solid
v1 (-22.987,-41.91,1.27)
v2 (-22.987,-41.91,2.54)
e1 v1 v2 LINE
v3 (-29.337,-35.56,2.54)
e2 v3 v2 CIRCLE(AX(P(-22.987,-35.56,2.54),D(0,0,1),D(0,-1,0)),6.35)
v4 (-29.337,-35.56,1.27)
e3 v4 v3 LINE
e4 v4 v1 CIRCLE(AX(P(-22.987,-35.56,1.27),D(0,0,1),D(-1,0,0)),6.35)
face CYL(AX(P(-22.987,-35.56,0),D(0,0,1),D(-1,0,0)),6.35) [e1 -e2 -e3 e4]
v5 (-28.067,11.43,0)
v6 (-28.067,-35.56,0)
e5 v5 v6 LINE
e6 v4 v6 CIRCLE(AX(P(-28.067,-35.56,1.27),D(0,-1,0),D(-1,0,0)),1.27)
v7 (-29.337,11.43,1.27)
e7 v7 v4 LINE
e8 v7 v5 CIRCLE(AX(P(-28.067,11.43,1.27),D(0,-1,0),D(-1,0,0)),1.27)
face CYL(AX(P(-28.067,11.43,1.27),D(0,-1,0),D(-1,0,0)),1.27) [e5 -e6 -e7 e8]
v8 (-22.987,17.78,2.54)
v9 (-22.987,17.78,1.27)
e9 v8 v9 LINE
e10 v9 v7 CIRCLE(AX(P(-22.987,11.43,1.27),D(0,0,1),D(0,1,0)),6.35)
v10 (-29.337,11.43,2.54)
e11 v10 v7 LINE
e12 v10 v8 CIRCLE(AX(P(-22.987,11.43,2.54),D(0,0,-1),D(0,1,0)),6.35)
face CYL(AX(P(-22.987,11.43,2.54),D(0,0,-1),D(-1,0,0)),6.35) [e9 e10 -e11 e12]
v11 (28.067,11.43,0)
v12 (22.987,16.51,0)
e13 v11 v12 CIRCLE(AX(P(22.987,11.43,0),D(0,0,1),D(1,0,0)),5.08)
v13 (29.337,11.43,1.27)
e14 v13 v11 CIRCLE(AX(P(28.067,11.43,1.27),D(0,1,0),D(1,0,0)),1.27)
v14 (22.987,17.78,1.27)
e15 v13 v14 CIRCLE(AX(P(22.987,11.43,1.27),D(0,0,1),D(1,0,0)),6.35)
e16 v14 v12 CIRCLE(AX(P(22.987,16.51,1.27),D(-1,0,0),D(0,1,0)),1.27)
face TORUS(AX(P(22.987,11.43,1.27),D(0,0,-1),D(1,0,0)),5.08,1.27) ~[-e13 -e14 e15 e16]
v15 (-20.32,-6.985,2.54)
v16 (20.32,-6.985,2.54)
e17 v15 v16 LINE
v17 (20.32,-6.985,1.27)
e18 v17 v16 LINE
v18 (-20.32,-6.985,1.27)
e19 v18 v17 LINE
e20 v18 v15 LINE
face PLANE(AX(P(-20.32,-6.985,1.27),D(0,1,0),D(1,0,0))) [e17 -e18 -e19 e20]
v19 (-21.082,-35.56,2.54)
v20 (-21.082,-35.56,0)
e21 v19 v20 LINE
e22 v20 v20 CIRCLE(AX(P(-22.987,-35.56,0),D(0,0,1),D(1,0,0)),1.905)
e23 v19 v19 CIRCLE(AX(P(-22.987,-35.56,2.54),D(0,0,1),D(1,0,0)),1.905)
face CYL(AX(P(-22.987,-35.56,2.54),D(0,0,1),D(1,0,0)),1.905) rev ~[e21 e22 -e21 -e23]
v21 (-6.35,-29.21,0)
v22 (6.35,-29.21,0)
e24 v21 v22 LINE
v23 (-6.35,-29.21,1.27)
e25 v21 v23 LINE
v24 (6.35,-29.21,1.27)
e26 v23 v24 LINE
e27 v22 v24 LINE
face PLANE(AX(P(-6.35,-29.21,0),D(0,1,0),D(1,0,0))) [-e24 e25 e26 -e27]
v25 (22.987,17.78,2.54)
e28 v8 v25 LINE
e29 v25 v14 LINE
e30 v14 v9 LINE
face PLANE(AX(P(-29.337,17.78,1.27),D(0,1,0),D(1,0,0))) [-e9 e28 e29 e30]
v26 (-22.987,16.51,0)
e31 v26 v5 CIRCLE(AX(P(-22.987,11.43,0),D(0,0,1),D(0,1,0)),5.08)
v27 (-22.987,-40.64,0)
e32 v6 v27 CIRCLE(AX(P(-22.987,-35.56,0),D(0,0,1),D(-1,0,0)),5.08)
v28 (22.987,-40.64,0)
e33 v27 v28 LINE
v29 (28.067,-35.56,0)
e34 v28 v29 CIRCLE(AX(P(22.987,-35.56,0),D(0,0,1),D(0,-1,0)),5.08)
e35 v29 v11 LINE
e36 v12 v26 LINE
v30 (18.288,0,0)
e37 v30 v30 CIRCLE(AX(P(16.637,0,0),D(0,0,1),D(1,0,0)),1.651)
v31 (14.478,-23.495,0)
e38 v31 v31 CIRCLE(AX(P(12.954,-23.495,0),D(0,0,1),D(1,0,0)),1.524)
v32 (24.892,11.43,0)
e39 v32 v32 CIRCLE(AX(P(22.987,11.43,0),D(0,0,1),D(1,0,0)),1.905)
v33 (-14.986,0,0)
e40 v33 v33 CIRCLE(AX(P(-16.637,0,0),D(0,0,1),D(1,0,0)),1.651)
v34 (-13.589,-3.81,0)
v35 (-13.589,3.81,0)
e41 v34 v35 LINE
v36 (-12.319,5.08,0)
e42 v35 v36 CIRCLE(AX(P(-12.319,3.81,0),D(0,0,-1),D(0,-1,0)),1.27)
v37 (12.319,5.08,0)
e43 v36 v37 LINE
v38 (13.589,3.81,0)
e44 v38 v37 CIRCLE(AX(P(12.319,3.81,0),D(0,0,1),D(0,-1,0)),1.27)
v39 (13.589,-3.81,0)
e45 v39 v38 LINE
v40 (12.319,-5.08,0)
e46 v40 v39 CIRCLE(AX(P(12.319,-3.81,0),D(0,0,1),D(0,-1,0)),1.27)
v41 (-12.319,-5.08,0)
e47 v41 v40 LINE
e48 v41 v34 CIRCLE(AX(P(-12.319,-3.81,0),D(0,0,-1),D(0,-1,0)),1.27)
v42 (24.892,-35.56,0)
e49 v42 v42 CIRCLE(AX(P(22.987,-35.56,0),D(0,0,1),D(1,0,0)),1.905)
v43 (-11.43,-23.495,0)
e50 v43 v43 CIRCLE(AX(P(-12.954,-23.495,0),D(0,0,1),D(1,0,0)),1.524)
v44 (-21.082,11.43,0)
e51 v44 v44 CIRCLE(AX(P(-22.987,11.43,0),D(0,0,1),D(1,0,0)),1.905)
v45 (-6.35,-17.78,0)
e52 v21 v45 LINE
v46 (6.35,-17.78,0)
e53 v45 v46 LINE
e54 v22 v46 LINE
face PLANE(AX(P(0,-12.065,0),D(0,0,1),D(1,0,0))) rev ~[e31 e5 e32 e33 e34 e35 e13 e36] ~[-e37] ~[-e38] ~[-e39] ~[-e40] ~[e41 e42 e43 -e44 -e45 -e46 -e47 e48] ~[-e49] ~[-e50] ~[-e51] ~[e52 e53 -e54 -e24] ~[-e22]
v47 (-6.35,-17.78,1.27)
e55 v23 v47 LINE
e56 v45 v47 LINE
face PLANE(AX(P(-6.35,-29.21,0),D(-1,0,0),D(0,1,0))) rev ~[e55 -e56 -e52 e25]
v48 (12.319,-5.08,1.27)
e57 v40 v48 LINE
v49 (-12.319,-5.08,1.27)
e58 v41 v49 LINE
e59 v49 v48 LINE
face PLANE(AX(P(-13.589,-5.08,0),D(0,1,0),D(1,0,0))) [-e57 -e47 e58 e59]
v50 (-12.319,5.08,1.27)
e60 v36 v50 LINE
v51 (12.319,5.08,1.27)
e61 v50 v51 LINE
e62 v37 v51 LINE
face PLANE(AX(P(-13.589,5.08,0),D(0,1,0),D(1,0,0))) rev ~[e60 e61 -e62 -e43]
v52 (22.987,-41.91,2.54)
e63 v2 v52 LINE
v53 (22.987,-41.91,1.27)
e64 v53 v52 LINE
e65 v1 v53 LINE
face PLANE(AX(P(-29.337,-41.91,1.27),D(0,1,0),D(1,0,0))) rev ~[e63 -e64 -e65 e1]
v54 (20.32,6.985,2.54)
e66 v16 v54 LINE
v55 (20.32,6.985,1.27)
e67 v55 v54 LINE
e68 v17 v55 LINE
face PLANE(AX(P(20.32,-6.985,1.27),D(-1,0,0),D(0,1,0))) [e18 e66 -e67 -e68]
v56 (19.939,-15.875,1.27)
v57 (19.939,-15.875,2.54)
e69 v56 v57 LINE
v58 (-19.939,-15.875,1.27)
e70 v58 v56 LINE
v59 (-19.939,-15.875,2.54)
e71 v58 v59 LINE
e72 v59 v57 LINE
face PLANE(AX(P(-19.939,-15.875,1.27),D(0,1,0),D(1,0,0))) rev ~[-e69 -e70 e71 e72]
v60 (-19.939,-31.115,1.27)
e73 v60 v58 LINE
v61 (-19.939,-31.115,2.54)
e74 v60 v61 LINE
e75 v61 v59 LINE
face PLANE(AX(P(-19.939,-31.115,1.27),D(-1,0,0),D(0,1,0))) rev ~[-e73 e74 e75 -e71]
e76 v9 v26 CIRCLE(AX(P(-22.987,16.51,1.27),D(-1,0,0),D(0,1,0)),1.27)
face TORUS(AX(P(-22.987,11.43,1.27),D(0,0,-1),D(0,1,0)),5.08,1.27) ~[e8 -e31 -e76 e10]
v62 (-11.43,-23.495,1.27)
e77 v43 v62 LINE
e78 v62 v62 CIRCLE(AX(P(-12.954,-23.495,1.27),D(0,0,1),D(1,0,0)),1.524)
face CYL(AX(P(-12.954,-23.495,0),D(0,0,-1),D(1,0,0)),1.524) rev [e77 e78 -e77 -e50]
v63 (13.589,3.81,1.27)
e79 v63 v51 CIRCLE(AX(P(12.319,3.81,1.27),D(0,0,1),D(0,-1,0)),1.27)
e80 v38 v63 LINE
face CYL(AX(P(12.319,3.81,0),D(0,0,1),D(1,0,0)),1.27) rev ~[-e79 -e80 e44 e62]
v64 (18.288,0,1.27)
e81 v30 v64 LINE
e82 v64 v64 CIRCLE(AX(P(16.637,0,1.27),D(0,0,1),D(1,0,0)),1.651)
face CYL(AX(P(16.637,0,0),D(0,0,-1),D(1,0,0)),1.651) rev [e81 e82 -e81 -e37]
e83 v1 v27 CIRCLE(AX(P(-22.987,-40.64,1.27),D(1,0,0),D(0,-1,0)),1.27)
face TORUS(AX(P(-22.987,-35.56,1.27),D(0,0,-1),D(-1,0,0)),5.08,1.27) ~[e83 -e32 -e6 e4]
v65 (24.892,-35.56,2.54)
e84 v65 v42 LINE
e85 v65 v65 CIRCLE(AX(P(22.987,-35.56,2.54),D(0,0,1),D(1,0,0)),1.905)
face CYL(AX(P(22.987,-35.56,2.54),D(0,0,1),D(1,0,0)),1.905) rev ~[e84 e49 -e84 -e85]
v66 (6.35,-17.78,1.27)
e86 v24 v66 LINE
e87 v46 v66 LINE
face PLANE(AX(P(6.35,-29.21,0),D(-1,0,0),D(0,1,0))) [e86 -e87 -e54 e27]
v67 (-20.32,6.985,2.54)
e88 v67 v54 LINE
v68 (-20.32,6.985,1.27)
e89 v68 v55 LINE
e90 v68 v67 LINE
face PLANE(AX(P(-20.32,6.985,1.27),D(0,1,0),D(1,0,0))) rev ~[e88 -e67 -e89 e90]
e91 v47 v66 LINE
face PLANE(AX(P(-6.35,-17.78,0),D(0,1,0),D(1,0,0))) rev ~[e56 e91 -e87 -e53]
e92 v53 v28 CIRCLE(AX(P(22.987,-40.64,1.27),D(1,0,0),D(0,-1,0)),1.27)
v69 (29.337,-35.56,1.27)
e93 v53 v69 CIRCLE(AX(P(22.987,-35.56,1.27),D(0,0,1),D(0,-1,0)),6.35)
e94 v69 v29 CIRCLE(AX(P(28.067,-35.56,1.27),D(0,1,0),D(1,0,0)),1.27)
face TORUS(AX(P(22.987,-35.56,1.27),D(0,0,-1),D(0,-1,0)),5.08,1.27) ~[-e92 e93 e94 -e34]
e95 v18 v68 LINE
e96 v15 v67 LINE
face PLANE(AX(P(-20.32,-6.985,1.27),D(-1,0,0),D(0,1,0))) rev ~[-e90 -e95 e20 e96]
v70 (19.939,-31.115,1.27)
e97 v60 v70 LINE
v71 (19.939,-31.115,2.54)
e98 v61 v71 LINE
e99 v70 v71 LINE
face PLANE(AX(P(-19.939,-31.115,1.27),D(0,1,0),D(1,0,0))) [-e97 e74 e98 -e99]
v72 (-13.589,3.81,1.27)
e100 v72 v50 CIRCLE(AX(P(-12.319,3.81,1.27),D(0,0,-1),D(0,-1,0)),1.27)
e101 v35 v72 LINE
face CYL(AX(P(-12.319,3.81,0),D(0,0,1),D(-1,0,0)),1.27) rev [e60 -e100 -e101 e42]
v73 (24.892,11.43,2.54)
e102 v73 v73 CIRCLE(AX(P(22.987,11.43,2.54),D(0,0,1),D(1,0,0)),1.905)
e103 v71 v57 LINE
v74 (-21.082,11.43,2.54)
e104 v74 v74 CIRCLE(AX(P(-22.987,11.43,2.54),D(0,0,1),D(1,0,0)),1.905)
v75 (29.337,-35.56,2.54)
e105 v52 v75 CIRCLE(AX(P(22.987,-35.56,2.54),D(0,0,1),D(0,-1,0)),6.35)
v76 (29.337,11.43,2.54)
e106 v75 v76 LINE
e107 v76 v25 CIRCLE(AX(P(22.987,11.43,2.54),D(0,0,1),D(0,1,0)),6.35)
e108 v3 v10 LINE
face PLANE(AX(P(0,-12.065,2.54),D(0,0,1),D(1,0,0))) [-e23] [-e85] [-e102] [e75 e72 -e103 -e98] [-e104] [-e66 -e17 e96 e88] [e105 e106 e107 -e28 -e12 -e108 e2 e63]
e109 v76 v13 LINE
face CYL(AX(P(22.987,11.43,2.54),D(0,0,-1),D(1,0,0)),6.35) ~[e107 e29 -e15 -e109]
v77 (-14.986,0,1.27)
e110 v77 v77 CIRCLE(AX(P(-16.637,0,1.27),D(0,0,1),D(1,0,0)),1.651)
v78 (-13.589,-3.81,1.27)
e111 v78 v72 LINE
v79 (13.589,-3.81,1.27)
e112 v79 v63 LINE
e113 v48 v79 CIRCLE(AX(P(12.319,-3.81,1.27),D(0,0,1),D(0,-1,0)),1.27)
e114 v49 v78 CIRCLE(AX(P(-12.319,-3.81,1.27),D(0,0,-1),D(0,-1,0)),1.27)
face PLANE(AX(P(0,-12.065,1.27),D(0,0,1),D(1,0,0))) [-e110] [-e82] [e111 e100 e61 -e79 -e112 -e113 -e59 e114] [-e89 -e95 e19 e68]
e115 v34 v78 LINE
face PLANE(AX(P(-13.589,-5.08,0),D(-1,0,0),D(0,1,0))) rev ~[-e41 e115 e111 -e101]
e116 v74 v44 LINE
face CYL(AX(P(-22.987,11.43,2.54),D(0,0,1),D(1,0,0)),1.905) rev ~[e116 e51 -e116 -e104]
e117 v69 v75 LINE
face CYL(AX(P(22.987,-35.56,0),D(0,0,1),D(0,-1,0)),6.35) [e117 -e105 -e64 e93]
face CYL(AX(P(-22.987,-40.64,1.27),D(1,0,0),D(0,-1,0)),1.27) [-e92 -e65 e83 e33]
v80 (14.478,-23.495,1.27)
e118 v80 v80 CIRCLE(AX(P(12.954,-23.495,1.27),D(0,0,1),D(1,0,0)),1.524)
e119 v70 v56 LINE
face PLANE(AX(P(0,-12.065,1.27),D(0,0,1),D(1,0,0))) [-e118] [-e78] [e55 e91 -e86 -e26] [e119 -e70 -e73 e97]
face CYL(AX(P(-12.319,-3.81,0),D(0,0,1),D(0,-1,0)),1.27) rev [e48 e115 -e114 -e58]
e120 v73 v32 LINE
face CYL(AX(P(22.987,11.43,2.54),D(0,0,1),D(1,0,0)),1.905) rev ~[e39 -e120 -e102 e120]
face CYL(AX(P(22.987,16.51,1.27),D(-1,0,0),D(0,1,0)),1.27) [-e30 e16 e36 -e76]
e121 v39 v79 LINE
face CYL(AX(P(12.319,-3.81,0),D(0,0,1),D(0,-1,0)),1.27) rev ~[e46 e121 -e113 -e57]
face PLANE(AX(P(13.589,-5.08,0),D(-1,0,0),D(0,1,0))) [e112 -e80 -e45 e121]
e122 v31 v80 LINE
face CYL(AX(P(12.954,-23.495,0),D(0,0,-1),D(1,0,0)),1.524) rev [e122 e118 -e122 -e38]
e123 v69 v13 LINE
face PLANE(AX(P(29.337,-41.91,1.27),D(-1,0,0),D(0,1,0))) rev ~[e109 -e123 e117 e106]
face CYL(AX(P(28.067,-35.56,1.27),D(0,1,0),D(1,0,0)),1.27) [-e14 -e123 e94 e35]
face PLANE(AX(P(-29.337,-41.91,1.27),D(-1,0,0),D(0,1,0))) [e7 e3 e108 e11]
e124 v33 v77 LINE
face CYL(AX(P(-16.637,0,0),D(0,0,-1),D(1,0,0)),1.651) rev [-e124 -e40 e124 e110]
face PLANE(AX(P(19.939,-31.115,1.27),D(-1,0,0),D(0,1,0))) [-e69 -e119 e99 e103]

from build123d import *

# Parameters (mm, degrees)
F0_W     = 58.674
F0_H     = 59.69
F0_R     = 1.524
F0_W_2   = 12.7
F0_H_2   = 11.43
F0_R_2   = 1.651
F0_W_3   = 27.178
F0_H_3   = 10.16
F1_DEPTH = 1.27
F2_W     = 58.674
F2_H     = 59.69
F2_W_2   = 39.878
F2_H_2   = 15.24
F2_W_3   = 40.64
F2_H_3   = 13.97
F3_DEPTH = 1.27
F4_R     = 6.35
F5_R     = 1.27
F6_R     = 1.905
F7_DEPTH = 2.54


with BuildPart() as f1:
    # F0 (on Top) → F1 (new body)
    with BuildSketch(Plane.XY):
        with Locations((0, -12.065)):
            Rectangle(F0_W, F0_H)
        with Locations((-12.954, -23.495)):
            Circle(F0_R, mode=Mode.SUBTRACT)
        with Locations((0, -23.495)):
            Rectangle(F0_W_2, F0_H_2, mode=Mode.SUBTRACT)
        with Locations((12.954, -23.495)):
            Circle(F0_R, mode=Mode.SUBTRACT)
        with Locations((-16.637, 0)):
            Circle(F0_R_2, mode=Mode.SUBTRACT)
        Rectangle(F0_W_3, F0_H_3, mode=Mode.SUBTRACT)
        with Locations((16.637, 0)):
            Circle(F0_R_2, mode=Mode.SUBTRACT)
    extrude(amount=F1_DEPTH)

    # F2 (on face) → F3 (join)
    with BuildSketch(Plane.XY.offset(1.27)):
        with Locations((0, -12.065)):
            Rectangle(F2_W, F2_H)
        with Locations((0, -23.495)):
            Rectangle(F2_W_2, F2_H_2, mode=Mode.SUBTRACT)
        Rectangle(F2_W_3, F2_H_3, mode=Mode.SUBTRACT)
    extrude(amount=F3_DEPTH)

    # F4
    f4_edges = [f1.edges().sort_by_distance(p)[0] for p in [
        (-29.337, -41.91, 1.27),
        (29.337, 17.78, 1.27),
        (29.337, -41.91, 1.27),
        (-29.337, 17.78, 1.27),
    ]]
    fillet(f4_edges, radius=F4_R)

    # F5
    f5_edges = [f1.edges().sort_by_distance(p)[0] for p in [
        (-27.477128, -40.050128, 0),
        (-13.589, 5.08, 0.635),
        (-13.589, -5.08, 0.635),
        (13.589, -5.08, 0.635),
        (13.589, 5.08, 0.635),
    ]]
    fillet(f5_edges, radius=F5_R)

    # F6 (on face) → F7 (cut, through all)
    with BuildSketch(Plane.XY.offset(2.54)):
        with Locations((-22.987, 11.43)):
            Circle(F6_R)
        with Locations((22.987, 11.43)):
            Circle(F6_R)
        with Locations((22.987, -35.56)):
            Circle(F6_R)
        with Locations((-22.987, -35.56)):
            Circle(F6_R)
    extrude(amount=-F7_DEPTH, mode=Mode.SUBTRACT)


solid = f1.part
